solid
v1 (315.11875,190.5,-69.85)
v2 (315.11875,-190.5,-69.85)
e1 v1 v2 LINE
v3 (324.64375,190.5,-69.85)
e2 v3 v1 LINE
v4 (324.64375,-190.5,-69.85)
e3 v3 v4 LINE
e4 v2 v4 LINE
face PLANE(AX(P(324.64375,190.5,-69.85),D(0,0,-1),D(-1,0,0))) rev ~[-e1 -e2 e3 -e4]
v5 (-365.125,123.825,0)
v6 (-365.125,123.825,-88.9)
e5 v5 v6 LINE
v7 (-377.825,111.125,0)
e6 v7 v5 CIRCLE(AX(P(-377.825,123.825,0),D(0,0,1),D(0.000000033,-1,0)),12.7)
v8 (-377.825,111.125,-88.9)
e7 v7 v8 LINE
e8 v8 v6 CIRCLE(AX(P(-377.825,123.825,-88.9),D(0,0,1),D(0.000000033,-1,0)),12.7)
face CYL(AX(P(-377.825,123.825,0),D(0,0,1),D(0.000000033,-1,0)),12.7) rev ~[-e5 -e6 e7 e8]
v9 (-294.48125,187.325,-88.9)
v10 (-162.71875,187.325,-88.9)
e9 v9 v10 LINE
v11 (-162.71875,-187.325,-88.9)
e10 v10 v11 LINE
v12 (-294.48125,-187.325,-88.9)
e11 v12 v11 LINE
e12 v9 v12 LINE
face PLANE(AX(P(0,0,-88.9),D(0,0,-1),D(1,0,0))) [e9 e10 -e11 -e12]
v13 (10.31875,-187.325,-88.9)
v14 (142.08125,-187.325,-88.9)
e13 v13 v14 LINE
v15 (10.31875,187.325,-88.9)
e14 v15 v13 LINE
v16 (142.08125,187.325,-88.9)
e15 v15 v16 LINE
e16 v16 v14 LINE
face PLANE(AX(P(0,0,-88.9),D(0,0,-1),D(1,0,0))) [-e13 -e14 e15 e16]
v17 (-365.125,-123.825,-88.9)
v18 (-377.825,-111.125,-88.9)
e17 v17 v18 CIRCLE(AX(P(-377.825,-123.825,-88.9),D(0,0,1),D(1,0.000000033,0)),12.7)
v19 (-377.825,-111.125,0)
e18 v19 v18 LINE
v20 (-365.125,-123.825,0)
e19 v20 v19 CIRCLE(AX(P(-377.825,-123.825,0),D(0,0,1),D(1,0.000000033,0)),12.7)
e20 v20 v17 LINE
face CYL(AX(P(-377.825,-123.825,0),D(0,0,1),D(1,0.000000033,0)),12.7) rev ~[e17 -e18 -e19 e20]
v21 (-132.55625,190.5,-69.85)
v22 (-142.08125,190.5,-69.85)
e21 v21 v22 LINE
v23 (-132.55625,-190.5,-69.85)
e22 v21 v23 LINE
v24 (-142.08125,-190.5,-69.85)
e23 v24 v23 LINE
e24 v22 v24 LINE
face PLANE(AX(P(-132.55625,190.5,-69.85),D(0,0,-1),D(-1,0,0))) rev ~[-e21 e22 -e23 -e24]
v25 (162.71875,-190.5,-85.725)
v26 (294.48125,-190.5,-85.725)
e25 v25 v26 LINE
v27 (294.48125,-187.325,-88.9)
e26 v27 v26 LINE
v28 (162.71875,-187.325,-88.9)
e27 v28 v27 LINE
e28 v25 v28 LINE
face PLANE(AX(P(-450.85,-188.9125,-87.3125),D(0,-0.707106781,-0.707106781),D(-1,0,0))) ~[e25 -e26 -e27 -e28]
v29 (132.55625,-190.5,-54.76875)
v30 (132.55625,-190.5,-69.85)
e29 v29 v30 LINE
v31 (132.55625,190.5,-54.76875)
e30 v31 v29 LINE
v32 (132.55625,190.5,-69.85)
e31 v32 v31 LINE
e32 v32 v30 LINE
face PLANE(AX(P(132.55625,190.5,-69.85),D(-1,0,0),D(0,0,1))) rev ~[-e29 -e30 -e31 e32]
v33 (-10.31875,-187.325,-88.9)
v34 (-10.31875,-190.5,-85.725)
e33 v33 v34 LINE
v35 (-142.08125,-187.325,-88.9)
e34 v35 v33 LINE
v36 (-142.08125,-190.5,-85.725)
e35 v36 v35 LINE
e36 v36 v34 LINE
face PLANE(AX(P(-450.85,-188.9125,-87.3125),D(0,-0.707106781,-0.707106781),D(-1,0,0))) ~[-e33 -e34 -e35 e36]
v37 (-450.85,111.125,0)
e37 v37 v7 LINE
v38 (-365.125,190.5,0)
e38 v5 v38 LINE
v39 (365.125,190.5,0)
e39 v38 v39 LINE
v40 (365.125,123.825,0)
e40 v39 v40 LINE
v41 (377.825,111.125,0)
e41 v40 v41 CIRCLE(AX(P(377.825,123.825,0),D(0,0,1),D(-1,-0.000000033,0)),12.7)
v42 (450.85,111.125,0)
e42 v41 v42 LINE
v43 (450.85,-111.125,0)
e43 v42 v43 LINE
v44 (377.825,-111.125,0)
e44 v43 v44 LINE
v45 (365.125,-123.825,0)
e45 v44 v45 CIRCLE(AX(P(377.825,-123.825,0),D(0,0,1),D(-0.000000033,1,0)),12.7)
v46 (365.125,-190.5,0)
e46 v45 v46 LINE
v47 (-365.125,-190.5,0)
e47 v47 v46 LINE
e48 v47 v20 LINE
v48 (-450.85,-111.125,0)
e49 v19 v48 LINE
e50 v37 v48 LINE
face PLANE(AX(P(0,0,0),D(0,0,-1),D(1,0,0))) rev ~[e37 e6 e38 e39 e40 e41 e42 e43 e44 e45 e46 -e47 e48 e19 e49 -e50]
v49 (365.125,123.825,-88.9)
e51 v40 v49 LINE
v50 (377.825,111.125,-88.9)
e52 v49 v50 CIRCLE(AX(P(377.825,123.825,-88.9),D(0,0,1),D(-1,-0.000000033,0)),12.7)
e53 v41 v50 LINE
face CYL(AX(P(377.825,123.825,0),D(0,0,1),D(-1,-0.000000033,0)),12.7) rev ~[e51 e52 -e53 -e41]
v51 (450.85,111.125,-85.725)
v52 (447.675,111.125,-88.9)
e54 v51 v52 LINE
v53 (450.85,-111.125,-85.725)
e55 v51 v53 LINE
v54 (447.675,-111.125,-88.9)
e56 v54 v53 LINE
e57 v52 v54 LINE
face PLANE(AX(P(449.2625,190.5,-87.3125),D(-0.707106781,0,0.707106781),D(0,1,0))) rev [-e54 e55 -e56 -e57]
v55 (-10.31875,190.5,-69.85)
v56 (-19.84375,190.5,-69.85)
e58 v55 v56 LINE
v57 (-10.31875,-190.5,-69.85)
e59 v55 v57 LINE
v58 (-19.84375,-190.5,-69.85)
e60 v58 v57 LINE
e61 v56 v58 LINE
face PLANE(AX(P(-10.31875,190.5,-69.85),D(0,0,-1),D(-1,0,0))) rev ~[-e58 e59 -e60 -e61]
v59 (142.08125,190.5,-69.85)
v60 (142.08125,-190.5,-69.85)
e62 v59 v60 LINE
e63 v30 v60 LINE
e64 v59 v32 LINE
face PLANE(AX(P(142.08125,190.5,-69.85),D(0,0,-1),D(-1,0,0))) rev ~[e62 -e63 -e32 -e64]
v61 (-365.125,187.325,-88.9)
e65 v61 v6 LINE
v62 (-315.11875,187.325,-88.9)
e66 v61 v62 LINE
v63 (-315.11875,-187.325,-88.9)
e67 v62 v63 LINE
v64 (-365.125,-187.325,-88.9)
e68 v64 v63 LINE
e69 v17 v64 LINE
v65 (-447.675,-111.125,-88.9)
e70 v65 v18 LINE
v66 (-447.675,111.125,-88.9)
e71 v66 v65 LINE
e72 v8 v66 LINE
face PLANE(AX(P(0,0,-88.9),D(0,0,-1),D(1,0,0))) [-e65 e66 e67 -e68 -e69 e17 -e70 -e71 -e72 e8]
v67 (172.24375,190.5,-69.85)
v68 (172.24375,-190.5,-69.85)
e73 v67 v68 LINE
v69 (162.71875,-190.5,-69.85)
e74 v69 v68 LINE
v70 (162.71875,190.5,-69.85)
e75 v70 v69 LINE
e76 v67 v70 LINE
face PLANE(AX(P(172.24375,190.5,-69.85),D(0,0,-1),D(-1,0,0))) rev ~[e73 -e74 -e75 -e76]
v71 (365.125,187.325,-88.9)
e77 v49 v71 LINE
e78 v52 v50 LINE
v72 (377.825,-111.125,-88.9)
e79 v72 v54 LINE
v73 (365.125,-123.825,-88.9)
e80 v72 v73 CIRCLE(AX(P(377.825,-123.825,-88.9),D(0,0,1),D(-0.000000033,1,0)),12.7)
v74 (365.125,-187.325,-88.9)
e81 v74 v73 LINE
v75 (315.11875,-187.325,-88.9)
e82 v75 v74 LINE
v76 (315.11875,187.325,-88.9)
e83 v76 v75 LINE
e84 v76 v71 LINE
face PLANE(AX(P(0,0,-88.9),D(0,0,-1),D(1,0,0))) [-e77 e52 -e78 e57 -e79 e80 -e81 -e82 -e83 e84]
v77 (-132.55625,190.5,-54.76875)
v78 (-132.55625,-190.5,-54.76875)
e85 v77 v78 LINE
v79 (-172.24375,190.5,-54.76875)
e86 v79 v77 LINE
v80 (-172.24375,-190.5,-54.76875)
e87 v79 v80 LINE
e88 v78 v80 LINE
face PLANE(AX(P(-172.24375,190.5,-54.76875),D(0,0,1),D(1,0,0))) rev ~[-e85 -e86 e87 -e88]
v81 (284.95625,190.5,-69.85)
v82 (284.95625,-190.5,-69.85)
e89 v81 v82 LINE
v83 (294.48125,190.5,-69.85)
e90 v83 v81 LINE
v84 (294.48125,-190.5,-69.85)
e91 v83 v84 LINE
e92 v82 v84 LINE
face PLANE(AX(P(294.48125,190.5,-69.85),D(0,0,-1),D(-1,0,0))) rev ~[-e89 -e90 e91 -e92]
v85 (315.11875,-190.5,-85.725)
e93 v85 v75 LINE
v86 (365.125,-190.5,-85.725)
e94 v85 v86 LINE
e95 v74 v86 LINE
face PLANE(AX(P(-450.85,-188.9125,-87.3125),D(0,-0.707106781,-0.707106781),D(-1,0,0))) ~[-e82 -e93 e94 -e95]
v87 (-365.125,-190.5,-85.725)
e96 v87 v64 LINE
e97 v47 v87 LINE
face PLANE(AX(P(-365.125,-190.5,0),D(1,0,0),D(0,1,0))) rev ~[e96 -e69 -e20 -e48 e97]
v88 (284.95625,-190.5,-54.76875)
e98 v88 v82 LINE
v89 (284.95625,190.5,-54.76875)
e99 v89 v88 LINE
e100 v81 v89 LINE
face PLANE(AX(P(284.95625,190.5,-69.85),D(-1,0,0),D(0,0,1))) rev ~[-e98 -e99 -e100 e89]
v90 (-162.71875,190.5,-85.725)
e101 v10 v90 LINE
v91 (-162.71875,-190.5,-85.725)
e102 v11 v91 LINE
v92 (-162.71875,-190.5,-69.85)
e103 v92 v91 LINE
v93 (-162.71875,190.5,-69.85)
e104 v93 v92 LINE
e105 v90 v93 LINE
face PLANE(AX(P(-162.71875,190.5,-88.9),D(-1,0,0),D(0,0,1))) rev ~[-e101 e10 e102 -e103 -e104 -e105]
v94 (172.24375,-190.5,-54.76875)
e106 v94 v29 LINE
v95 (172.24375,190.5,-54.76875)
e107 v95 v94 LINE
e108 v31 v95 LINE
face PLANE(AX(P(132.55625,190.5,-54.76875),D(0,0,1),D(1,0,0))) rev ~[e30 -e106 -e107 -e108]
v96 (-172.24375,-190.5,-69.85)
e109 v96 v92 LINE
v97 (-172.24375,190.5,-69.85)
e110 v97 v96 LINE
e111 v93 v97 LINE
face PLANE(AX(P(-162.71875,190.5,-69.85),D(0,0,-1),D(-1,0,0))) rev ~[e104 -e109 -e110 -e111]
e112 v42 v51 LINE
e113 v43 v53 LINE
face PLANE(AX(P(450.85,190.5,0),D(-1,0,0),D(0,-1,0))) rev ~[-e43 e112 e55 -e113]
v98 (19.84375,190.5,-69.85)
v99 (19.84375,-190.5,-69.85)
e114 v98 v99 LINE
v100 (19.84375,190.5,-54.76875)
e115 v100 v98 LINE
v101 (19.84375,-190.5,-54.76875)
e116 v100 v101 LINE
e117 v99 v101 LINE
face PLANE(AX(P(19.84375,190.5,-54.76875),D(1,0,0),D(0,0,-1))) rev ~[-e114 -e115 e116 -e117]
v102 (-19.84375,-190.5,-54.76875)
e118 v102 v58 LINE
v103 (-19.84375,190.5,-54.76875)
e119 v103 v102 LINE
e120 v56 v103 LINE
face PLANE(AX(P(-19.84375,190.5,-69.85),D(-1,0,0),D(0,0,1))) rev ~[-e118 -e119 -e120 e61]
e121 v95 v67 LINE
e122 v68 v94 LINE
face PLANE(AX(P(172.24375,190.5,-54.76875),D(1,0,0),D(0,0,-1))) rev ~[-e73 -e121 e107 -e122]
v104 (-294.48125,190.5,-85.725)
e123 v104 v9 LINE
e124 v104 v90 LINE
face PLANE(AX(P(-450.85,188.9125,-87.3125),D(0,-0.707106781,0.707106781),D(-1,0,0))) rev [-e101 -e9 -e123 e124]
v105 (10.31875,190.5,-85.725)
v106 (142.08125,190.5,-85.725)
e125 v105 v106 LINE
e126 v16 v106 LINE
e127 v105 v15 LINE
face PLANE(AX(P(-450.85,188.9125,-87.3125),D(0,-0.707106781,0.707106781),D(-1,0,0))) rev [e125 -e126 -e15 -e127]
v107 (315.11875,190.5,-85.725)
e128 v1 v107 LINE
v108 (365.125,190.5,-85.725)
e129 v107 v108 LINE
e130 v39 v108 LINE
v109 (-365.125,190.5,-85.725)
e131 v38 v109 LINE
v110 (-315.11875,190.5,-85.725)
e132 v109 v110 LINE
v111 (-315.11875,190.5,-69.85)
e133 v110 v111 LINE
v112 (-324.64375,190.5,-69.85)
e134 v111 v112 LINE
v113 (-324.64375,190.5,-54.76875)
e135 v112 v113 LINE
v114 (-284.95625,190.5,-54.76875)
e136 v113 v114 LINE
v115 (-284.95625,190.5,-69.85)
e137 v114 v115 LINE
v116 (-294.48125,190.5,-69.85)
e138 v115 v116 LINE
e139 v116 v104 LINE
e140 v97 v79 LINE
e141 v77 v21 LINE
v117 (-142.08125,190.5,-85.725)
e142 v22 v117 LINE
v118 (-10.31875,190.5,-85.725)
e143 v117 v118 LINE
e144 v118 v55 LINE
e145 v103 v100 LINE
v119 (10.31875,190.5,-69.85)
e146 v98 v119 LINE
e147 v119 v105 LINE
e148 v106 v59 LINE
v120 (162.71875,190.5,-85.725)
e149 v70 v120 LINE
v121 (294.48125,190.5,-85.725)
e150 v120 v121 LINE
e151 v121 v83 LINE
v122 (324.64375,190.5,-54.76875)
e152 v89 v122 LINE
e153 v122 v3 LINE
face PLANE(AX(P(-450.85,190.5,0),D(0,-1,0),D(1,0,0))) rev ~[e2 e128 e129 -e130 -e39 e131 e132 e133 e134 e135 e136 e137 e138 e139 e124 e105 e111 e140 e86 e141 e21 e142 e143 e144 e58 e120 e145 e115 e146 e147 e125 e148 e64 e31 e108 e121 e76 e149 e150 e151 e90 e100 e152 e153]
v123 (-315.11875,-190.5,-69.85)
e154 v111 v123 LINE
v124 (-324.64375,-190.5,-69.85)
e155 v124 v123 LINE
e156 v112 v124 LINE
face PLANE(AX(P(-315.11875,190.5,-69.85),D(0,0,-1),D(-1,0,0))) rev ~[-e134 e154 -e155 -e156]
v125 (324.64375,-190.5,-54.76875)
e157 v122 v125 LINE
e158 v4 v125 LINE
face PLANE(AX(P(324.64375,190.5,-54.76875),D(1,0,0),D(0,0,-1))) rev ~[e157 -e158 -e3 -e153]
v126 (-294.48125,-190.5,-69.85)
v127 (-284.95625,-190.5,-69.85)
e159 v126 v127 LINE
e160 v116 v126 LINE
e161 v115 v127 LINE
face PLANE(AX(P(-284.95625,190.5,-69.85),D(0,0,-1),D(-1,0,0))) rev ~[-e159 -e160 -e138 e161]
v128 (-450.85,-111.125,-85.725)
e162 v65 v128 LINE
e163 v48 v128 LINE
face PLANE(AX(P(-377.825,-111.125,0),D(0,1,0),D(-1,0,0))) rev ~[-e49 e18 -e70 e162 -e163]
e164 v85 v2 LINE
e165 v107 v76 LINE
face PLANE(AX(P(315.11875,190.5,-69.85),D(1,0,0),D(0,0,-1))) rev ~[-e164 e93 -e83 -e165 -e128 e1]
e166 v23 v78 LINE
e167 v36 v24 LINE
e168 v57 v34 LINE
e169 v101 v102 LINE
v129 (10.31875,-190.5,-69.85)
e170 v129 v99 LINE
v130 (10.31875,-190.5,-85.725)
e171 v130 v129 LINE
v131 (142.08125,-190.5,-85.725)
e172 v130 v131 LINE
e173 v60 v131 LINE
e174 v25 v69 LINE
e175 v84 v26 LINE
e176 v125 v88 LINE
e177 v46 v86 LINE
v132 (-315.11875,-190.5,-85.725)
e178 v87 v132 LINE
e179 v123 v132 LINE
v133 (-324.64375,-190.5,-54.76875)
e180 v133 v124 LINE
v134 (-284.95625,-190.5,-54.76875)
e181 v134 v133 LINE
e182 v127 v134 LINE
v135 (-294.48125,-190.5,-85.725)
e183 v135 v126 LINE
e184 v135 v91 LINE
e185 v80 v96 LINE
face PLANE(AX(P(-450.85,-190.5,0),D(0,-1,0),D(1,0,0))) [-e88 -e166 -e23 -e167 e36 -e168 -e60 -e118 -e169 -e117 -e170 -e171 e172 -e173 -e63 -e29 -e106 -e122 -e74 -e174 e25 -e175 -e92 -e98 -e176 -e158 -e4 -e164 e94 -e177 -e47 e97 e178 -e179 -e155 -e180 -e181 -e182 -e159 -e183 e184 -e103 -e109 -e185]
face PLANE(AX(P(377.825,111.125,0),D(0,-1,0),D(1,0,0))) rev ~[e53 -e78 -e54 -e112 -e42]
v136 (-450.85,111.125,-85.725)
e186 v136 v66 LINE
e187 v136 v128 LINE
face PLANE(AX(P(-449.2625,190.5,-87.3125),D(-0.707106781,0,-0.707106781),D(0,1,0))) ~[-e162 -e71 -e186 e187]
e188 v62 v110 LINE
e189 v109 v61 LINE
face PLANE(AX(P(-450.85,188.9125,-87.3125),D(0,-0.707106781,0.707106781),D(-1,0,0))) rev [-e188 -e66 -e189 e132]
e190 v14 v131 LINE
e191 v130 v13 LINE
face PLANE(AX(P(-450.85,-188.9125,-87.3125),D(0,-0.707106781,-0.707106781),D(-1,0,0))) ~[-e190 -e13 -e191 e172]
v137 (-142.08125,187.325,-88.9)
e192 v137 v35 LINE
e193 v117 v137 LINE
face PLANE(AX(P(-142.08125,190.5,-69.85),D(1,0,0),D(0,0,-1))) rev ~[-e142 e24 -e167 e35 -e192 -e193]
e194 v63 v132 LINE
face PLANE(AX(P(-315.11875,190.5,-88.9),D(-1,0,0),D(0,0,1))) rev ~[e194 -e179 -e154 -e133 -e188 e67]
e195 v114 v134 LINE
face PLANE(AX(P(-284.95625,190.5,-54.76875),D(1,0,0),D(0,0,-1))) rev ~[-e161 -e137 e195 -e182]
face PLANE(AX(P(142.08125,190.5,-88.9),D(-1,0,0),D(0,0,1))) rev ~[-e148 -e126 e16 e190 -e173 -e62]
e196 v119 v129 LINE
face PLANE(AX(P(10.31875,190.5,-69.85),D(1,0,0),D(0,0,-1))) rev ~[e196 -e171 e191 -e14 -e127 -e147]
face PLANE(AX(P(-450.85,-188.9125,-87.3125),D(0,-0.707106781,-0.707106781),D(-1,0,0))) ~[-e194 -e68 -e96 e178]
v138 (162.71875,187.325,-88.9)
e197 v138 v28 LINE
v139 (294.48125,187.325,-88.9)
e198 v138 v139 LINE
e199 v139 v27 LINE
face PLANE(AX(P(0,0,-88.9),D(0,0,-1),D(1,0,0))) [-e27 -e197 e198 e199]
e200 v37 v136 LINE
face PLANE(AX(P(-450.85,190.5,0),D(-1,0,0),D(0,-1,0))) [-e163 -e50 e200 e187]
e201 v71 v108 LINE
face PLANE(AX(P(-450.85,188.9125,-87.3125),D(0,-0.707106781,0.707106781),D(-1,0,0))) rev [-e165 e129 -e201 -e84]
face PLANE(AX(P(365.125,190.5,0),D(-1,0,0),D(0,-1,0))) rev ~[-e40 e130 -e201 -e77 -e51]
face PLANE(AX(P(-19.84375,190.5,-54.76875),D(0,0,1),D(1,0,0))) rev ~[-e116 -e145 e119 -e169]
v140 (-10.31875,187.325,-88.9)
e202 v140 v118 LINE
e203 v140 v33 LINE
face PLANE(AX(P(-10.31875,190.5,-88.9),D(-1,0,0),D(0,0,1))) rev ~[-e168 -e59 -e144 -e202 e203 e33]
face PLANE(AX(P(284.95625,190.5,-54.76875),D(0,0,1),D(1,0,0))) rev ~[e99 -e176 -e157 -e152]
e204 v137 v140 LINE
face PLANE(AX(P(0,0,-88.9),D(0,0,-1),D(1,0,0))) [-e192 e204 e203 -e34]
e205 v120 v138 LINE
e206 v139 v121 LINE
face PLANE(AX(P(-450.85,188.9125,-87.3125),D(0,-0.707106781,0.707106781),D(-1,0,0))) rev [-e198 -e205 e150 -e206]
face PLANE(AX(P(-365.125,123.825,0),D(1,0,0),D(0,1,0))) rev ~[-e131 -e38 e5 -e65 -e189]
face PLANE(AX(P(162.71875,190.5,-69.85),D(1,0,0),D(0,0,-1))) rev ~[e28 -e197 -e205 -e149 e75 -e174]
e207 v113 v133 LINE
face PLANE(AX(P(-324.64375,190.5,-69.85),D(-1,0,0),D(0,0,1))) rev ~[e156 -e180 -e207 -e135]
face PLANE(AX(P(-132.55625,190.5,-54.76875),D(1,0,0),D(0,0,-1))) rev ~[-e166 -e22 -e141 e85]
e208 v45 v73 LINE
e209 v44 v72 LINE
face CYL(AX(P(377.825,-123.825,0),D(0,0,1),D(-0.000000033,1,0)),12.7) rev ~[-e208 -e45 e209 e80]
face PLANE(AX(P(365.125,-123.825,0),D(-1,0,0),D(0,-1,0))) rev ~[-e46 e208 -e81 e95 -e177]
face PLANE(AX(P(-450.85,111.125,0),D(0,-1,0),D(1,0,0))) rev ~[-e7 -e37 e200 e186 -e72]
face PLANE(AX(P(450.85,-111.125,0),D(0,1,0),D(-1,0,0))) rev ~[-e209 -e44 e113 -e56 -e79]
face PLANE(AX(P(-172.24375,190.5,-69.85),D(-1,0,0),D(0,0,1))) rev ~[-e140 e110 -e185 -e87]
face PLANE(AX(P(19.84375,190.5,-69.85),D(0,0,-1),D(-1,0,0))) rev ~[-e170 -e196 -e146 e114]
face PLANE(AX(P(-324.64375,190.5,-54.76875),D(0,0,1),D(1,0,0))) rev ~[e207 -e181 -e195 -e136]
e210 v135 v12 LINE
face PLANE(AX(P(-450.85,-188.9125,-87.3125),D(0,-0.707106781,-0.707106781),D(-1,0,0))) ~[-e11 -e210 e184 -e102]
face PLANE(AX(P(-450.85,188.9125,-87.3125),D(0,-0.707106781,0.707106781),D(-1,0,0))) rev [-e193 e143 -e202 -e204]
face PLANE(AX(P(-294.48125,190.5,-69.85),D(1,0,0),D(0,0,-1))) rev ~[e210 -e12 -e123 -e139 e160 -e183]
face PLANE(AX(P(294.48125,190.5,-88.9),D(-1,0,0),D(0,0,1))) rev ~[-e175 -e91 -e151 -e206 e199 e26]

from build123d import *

# Parameters (mm, degrees)
F0_W     = 901.7
F0_H     = 381
F1_DEPTH = 88.9
F2_SIZE  = 3.175
F4_DEPTH = 381.001
F6_DEPTH = 88.901
F8_ANGLE = 180


with BuildPart() as f1:
    # F0 (on Top) → F1 (new body)
    with BuildSketch(Plane.XY):
        Rectangle(F0_W, F0_H)
    extrude(amount=F1_DEPTH)

    # F2
    f2_edges = [f1.edges().sort_by_distance(p)[0] for p in [
        (0, -190.5, 88.9),
        (450.85, 0, 88.9),
        (0, 190.5, 88.9),
        (-450.85, 0, 88.9),
    ]]
    chamfer(f2_edges, length=F2_SIZE)

    # F3 (on face) → F4 (cut, through all)
    with BuildSketch(Plane.XZ.offset(190.5)):
        Polygon((315.11875, 88.9), (294.48125, 88.9), (294.48125, 69.85), (284.95625, 69.85), (284.95625, 54.76875), (324.64375, 54.76875), (324.64375, 69.85), (315.11875, 69.85), align=None)
        Polygon((162.71875, 88.9), (142.08125, 88.9), (142.08125, 69.85), (132.55625, 69.85), (132.55625, 54.76875), (172.24375, 54.76875), (172.24375, 69.85), (162.71875, 69.85), align=None)
        Polygon((10.31875, 88.9), (-10.31875, 88.9), (-10.31875, 69.85), (-19.84375, 69.85), (-19.84375, 54.76875), (19.84375, 54.76875), (19.84375, 69.85), (10.31875, 69.85), align=None)
        Polygon((-142.08125, 88.9), (-162.71875, 88.9), (-162.71875, 69.85), (-172.24375, 69.85), (-172.24375, 54.76875), (-132.55625, 54.76875), (-132.55625, 69.85), (-142.08125, 69.85), align=None)
        Polygon((-294.48125, 88.9), (-315.11875, 88.9), (-315.11875, 69.85), (-324.64375, 69.85), (-324.64375, 54.76875), (-284.95625, 54.76875), (-284.95625, 69.85), (-294.48125, 69.85), align=None)
    extrude(amount=-F4_DEPTH, mode=Mode.SUBTRACT)

    # F5 (on face) → F6 (cut, through all)
    with BuildSketch(Plane(origin=(0, 0, 0), x_dir=(1, 0, 0), z_dir=(0, 0, -1))):
        with BuildLine():
            Line((-450.85, -190.5), (-365.125, -190.5))
            Line((-365.125, -190.5), (-365.125, -123.825))
            ThreePointArc((-365.125, -123.825), (-368.844744, -114.844744), (-377.825, -111.125))
            Line((-377.825, -111.125), (-450.85, -111.125))
            Line((-450.85, -111.125), (-450.85, -190.5))
        make_face()
        with BuildLine():
            ThreePointArc((377.825, -111.125), (368.844744, -114.844744), (365.125, -123.825))
            Line((365.125, -123.825), (365.125, -190.5))
            Line((365.125, -190.5), (450.85, -190.5))
            Line((450.85, -190.5), (450.85, -111.125))
            Line((450.85, -111.125), (377.825, -111.125))
        make_face()
        with BuildLine():
            Line((365.125, 190.5), (365.125, 123.825))
            ThreePointArc((365.125, 123.825), (368.844744, 114.844744), (377.825, 111.125))
            Line((377.825, 111.125), (450.85, 111.125))
            Line((450.85, 111.125), (450.85, 190.5))
            Line((450.85, 190.5), (365.125, 190.5))
        make_face()
        with BuildLine():
            ThreePointArc((-377.825, 111.125), (-368.844744, 114.844744), (-365.125, 123.825))
            Line((-365.125, 123.825), (-365.125, 190.5))
            Line((-365.125, 190.5), (-450.85, 190.5))
            Line((-450.85, 190.5), (-450.85, 111.125))
            Line((-450.85, 111.125), (-377.825, 111.125))
        make_face()
    extrude(amount=-F6_DEPTH, mode=Mode.SUBTRACT)


with BuildPart() as f1_1:
    # F8: moved
    add(f1.part.rotate(Axis((1.057014, 0, 0), (1, 0, 0)), F8_ANGLE))


solid = f1_1.part
